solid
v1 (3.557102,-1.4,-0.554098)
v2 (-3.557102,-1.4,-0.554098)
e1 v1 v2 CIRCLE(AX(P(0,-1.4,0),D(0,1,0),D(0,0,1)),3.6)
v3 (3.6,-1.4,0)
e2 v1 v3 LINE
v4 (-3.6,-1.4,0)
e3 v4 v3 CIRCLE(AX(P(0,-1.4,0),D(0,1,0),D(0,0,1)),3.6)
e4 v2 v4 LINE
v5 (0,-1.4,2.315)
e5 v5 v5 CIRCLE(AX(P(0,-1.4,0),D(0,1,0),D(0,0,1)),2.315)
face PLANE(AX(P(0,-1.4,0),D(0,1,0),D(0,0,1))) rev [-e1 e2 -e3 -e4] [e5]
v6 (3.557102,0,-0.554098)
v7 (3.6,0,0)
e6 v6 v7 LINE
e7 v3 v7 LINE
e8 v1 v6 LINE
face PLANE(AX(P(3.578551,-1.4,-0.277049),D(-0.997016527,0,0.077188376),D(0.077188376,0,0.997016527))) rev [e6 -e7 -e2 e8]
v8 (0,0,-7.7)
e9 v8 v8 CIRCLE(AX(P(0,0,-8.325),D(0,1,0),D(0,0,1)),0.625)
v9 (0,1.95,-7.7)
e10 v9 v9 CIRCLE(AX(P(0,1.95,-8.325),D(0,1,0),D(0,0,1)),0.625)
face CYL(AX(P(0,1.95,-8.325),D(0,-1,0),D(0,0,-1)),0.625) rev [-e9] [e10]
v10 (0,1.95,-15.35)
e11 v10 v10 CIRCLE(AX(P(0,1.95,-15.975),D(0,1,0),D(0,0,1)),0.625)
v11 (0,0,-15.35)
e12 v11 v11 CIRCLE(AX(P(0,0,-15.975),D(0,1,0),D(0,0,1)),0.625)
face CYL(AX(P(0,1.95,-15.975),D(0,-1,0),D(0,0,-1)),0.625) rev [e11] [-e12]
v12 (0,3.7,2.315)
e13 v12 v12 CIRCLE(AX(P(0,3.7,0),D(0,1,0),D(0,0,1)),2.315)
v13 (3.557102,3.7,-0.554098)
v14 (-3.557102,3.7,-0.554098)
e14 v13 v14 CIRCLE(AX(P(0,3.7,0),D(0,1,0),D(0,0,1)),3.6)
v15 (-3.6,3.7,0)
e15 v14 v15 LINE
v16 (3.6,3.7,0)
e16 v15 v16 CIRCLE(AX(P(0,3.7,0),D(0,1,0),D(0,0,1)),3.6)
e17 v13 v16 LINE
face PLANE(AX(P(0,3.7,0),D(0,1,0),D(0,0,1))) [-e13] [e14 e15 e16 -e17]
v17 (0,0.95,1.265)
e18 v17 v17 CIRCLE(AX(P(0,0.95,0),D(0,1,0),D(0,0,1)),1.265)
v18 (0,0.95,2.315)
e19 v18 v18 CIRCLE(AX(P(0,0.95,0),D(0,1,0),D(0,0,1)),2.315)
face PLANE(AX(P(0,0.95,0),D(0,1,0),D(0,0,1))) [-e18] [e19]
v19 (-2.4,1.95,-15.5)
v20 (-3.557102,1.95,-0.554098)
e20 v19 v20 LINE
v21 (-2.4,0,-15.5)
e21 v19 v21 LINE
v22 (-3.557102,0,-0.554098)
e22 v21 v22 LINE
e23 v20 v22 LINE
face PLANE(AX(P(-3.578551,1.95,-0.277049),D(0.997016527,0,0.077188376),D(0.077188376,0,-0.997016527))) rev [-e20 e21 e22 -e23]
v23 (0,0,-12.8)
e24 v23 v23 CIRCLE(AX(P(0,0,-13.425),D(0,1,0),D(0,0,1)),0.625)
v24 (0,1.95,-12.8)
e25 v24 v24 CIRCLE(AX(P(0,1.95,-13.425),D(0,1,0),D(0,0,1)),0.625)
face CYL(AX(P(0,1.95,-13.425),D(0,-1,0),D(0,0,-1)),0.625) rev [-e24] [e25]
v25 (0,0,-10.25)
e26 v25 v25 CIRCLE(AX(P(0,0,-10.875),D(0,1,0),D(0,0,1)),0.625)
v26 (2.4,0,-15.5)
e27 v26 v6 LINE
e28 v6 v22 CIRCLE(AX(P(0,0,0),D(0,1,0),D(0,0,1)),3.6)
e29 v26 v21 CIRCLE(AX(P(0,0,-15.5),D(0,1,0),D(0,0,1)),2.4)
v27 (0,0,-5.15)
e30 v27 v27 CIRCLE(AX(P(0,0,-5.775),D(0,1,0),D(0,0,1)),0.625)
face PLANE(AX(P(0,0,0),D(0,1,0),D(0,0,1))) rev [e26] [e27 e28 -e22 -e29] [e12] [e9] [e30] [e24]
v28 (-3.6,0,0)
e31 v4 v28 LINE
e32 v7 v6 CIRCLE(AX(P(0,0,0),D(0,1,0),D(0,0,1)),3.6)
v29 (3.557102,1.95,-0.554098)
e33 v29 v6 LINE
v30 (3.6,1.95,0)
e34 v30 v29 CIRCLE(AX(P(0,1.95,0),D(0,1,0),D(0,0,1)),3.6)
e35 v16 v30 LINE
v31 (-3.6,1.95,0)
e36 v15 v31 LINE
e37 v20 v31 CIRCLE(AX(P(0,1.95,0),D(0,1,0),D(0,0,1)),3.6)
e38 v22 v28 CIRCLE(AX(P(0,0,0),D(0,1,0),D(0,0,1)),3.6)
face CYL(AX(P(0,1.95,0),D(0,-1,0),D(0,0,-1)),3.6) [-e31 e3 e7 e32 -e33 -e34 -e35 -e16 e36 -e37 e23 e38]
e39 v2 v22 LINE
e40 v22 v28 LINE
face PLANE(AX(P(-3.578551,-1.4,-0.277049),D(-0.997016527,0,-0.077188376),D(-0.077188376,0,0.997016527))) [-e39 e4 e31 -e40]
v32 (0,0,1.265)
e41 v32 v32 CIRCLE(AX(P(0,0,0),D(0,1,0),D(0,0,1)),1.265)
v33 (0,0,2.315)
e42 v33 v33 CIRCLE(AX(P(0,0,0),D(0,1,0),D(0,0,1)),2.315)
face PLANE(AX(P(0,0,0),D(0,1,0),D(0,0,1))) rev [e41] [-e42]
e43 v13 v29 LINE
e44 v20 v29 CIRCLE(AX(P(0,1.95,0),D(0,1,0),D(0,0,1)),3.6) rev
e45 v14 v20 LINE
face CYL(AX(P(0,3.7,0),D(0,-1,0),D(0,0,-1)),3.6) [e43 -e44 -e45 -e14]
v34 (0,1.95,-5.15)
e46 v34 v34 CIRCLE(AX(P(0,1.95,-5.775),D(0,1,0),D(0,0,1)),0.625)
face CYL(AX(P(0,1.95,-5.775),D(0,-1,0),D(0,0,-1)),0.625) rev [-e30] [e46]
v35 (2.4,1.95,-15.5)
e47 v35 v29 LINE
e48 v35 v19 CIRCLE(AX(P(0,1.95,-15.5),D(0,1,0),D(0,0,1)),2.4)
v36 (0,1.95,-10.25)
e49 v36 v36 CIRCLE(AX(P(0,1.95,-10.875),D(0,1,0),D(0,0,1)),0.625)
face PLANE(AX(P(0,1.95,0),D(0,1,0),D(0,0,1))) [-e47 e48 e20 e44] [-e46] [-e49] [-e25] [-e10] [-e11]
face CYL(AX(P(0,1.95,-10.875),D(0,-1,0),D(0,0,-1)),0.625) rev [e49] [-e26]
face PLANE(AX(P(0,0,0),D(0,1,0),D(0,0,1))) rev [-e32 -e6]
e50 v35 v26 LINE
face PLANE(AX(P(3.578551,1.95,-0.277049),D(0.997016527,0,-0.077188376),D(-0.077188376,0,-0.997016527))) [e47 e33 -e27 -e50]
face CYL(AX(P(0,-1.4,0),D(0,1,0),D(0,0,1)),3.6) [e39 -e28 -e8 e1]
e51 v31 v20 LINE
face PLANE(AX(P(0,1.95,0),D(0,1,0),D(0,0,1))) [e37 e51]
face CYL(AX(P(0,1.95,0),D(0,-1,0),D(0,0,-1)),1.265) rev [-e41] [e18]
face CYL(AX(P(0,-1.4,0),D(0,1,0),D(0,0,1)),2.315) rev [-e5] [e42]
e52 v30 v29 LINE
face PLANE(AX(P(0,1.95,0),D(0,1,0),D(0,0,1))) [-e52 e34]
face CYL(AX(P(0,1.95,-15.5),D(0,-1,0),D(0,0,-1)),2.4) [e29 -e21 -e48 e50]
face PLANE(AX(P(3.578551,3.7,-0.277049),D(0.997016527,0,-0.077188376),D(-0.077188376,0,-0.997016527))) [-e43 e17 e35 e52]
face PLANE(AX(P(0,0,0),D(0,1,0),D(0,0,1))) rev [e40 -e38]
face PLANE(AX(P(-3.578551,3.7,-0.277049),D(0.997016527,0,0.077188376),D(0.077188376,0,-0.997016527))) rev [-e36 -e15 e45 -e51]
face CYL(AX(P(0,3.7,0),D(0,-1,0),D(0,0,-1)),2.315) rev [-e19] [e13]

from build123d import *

# Parameters (mm, degrees)
SKETCH1_R           = 0.625
SKETCH1_R_2         = 1.265
BOSS_EXTRUDE2_DEPTH = 1.95
BOSS_EXTRUDE3_START = -1.4
SKETCH1_4_R         = 2.315
BOSS_EXTRUDE3_DEPTH = 1.4
SKETCH1_5_R         = 2.315
BOSS_EXTRUDE4_DEPTH = 3.7
CUT_EXTRUDE1_START  = -1
SKETCH4_R           = 2.315
SKETCH4_R_2         = 1.265
CUT_EXTRUDE1_DEPTH  = 1


with BuildPart() as part:
    # Sketch1 → Boss-Extrude2 (new body)
    with BuildSketch(Plane(origin=(0, 0, 0), x_dir=(1, 0, 0), z_dir=(0, 1, 0))):
        with BuildLine():
            Line((3.557102073, 0.554098225), (2.4, 15.5))
            ThreePointArc((2.4, 15.5), (0, 17.9), (-2.4, 15.5))
            Line((-2.4, 15.5), (-3.557102073, 0.554098225))
            ThreePointArc((-3.557102073, 0.554098225), (0, -3.6), (3.557102073, 0.554098225))
        make_face()
        with Locations((0, 13.425)):
            Circle(SKETCH1_R, mode=Mode.SUBTRACT)
        with Locations((0, 10.875)):
            Circle(SKETCH1_R, mode=Mode.SUBTRACT)
        with Locations((0, 8.325)):
            Circle(SKETCH1_R, mode=Mode.SUBTRACT)
        with Locations((0, 5.775)):
            Circle(SKETCH1_R, mode=Mode.SUBTRACT)
        Circle(SKETCH1_R_2, mode=Mode.SUBTRACT)
        with Locations((0, 15.975)):
            Circle(SKETCH1_R, mode=Mode.SUBTRACT)
    extrude(amount=BOSS_EXTRUDE2_DEPTH)

    # Sketch1<4> → Boss-Extrude3 (add)
    with BuildSketch(Plane(origin=(0, 0, 0), x_dir=(1, 0, 0), z_dir=(0, 1, 0)).offset(BOSS_EXTRUDE3_START)):
        with BuildLine():
            ThreePointArc((-3.6, 0), (0, -3.6), (3.6, 0))
            Line((3.6, 0), (3.557102073, 0.554098225))
            ThreePointArc((3.557102073, 0.554098225), (0, 3.6), (-3.557102073, 0.554098225))
            Line((-3.557102073, 0.554098225), (-3.6, 0))
        make_face()
        Circle(SKETCH1_4_R, mode=Mode.SUBTRACT)
    extrude(amount=BOSS_EXTRUDE3_DEPTH)

    # Sketch1<5> → Boss-Extrude4 (add)
    with BuildSketch(Plane(origin=(0, 0, 0), x_dir=(1, 0, 0), z_dir=(0, 1, 0))):
        with BuildLine():
            ThreePointArc((-3.6, 0), (0, -3.6), (3.6, 0))
            Line((3.6, 0), (3.557102073, 0.554098225))
            ThreePointArc((3.557102073, 0.554098225), (0, 3.6), (-3.557102073, 0.554098225))
            Line((-3.557102073, 0.554098225), (-3.6, 0))
        make_face()
        Circle(SKETCH1_5_R, mode=Mode.SUBTRACT)
    extrude(amount=BOSS_EXTRUDE4_DEPTH)

    # Sketch4 → Cut-Extrude1 (cut)
    with BuildSketch(Plane(origin=(0, 1.95, 0), x_dir=(1, 0, 0), z_dir=(0, 1, 0)).offset(CUT_EXTRUDE1_START)):
        Circle(SKETCH4_R)
        Circle(SKETCH4_R_2, mode=Mode.SUBTRACT)
    extrude(amount=CUT_EXTRUDE1_DEPTH, mode=Mode.SUBTRACT)


solid = part.part
